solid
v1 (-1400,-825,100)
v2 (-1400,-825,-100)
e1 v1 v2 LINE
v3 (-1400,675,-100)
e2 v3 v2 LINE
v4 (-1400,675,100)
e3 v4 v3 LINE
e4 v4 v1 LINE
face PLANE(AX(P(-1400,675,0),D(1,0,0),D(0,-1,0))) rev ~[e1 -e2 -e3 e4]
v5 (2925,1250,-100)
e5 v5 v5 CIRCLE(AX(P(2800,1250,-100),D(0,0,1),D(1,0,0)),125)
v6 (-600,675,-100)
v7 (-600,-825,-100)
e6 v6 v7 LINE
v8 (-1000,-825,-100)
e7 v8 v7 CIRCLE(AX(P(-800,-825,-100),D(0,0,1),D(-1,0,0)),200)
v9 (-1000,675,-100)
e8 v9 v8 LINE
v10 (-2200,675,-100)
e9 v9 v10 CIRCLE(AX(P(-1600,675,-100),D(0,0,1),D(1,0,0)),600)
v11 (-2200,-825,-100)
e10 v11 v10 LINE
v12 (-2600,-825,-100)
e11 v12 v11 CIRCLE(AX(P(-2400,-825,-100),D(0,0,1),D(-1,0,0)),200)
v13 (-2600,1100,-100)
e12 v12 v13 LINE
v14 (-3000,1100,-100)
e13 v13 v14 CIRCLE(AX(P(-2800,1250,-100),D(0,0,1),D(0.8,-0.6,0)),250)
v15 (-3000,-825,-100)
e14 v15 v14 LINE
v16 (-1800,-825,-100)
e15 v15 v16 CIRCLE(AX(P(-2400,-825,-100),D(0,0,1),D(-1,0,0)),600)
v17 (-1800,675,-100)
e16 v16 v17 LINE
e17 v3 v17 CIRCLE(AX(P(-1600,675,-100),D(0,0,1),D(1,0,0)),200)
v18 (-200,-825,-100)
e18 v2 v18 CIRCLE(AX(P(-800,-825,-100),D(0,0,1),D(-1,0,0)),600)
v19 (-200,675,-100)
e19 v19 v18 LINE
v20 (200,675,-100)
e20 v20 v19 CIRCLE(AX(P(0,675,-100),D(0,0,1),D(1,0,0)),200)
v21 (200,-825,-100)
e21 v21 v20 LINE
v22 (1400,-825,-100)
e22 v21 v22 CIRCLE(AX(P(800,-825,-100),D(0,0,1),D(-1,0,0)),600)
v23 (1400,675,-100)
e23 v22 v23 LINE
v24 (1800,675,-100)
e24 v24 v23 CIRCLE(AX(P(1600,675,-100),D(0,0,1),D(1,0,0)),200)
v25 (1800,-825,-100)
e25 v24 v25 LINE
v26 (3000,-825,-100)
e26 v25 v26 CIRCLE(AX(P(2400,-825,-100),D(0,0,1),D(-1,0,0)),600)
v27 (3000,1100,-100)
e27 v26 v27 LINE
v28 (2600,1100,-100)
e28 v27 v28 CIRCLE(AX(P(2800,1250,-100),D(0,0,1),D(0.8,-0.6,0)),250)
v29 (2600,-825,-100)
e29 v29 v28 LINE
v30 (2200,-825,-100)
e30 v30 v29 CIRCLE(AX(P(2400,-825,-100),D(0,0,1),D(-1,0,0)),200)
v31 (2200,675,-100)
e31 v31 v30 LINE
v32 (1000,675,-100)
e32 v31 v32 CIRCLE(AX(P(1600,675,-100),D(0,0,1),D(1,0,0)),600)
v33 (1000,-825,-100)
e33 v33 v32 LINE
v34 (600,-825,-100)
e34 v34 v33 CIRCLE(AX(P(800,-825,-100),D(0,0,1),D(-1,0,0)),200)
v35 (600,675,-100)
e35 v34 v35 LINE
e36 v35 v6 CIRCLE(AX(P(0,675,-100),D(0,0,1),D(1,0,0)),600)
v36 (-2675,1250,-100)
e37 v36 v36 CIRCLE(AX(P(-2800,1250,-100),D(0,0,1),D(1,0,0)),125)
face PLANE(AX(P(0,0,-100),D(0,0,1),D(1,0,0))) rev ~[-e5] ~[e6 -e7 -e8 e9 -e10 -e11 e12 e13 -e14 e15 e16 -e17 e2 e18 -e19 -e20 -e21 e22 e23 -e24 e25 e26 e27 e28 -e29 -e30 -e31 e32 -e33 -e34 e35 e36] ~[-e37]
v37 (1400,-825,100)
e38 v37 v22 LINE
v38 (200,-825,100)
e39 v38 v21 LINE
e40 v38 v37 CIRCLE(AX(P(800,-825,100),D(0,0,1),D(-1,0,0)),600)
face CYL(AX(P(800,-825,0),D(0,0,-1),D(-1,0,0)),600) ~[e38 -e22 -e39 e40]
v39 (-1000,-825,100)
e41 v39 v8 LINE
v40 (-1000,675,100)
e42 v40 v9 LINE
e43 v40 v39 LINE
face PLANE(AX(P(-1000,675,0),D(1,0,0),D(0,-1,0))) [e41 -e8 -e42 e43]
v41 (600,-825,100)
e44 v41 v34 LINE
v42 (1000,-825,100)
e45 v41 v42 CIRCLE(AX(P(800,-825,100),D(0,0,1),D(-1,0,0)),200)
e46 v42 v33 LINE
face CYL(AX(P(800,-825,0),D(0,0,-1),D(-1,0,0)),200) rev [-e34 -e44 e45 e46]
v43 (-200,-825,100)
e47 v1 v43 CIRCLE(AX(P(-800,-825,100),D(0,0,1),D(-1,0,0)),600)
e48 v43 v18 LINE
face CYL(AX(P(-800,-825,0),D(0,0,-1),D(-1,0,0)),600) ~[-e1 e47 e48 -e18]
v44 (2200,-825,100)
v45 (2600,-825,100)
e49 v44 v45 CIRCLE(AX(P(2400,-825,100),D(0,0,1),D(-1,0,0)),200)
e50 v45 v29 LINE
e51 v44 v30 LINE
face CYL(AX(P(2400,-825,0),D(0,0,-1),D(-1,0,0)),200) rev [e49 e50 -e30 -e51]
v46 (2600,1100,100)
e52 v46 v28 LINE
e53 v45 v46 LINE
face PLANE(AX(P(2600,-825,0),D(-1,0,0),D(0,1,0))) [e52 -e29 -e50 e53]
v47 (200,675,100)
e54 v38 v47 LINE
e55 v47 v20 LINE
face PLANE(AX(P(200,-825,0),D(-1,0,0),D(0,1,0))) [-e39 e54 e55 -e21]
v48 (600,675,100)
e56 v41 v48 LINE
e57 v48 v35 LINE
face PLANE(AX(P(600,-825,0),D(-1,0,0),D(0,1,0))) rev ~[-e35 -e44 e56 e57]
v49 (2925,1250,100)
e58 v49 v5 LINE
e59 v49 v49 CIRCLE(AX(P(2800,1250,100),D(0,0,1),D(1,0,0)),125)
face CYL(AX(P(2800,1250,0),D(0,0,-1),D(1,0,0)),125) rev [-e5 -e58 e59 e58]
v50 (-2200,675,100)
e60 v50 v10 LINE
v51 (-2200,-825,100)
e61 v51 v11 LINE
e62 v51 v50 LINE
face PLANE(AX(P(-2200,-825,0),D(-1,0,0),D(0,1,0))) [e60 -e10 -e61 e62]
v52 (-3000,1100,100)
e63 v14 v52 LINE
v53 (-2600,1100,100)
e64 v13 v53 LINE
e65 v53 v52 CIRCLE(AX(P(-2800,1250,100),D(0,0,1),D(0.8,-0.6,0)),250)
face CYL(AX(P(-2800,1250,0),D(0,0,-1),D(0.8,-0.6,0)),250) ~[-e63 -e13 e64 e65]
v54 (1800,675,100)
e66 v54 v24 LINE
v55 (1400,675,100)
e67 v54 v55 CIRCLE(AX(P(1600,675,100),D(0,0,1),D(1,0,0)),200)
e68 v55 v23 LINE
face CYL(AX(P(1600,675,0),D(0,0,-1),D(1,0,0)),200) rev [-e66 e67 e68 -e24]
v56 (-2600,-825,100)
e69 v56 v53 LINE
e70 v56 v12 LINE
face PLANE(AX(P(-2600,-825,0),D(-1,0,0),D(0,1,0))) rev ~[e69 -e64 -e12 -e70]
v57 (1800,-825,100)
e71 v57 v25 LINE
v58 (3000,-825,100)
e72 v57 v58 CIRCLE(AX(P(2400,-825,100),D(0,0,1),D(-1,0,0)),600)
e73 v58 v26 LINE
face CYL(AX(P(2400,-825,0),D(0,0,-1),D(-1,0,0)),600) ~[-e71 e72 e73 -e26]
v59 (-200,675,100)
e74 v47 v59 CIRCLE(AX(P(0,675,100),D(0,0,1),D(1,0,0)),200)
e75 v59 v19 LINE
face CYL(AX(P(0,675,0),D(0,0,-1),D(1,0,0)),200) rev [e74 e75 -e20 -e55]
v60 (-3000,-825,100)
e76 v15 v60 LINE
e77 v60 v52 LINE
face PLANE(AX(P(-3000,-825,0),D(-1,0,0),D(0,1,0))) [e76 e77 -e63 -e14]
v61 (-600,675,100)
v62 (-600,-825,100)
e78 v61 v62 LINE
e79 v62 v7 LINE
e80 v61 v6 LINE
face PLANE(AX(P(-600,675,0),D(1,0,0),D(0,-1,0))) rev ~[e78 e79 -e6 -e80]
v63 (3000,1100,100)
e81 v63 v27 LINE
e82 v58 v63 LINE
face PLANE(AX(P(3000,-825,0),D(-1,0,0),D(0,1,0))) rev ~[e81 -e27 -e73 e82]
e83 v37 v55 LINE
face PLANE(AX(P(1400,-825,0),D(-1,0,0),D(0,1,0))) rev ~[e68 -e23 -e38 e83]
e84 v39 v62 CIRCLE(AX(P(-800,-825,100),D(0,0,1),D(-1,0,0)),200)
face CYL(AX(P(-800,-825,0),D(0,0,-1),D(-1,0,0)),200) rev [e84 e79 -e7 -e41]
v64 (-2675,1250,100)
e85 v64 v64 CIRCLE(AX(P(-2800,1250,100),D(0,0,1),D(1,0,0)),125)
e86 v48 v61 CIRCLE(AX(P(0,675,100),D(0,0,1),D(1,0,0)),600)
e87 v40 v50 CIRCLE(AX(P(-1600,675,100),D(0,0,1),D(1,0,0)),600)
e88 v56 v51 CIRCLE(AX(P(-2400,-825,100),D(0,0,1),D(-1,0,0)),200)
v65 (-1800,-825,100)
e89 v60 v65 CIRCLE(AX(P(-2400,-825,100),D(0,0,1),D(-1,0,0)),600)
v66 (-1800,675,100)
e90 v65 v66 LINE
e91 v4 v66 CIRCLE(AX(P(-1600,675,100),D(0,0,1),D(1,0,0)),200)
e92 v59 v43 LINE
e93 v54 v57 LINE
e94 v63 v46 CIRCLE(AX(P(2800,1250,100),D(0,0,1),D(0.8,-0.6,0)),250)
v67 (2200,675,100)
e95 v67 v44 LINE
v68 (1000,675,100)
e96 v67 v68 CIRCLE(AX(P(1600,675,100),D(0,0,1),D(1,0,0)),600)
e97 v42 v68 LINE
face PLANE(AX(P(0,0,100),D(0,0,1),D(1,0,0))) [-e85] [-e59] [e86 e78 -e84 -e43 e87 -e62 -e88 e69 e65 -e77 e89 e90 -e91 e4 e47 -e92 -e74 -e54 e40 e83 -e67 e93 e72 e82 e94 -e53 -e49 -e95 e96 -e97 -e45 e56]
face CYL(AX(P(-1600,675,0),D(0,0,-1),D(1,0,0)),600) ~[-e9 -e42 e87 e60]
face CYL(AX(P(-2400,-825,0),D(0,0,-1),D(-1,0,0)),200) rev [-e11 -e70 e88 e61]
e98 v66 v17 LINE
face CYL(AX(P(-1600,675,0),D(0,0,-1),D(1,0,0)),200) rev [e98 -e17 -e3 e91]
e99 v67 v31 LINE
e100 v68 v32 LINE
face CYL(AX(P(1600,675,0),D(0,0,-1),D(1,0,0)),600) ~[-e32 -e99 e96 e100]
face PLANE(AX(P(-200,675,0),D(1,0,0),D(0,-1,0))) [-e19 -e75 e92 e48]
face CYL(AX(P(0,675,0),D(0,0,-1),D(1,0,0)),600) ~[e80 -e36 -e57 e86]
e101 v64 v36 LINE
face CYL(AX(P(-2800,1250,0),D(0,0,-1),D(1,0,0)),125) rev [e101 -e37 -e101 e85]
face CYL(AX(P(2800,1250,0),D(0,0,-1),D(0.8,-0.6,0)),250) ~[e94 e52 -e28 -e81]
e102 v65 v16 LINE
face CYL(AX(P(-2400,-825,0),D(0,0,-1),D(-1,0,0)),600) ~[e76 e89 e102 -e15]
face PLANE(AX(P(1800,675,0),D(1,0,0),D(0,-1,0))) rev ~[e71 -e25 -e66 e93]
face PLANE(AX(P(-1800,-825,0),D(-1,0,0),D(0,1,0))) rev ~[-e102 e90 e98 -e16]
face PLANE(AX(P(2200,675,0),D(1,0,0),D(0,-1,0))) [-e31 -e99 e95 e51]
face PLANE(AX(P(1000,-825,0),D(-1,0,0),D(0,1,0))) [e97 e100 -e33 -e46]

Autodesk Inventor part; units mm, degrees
ref_plane "YZ Plane" through (0, 0, 0) normal (1, 0, 0) x (0, 1, 0)
ref_plane "XZ Plane" through (0, 0, 0) normal (0, 1, 0) x (-1, 0, 0)
ref_plane "XY Plane" through (0, 0, 0) normal (0, 0, 1) x (1, 0, 0)
sketch "Esboço1" plane through (0, 0, 0) normal (0, 0, 1) x (1, 0, 0)
  arc A0 (-2600, 1100) -> (-3000, 1100) centre (-2800, 1250) ccw
  line L0 (-2800, 1250) -> (-2800, -825) construction
  line L1 (-3000, -825) -> (-3000, 1100)
  line L2 (-2600, -825) -> (-2600, 1100)
  arc A1 (-2600, -825) -> (-2200, -825) centre (-2400, -825) ccw
  circle A2 centre (-2400, -825) radius 600 construction
  arc A3 (-3000, -825) -> (-1800, -825) centre (-2400, -825) ccw
  line L3 (-2200, -825) -> (-2200, 675)
  line L4 (-1800, -825) -> (-1800, 675)
  arc A4 (-1400, 675) -> (-1800, 675) centre (-1600, 675) ccw
  circle A5 centre (-1600, 675) radius 600 construction
  arc A6 (-1000, 675) -> (-2200, 675) centre (-1600, 675) ccw
  line L5 (-1400, 675) -> (-1400, -825)
  line L6 (-1000, 675) -> (-1000, -825)
  arc A7 (-1000, -825) -> (-600, -825) centre (-800, -825) ccw
  circle A8 centre (-800, -825) radius 600 construction
  arc A9 (-1400, -825) -> (-200, -825) centre (-800, -825) ccw
  line L7 (600, -825) -> (600, 675)
  line L8 (200, -825) -> (200, 675)
  arc A10 (200, 675) -> (-200, 675) centre (0, 675) ccw
  circle A11 centre (0, 675) radius 600 construction
  arc A12 (600, 675) -> (-600, 675) centre (0, 675) ccw
  line L9 (-200, 675) -> (-200, -825)
  line L10 (-600, 675) -> (-600, -825)
  circle A13 centre (800, -825) radius 600 construction
  arc A14 (600, -825) -> (1000, -825) centre (800, -825) ccw
  arc A15 (200, -825) -> (1400, -825) centre (800, -825) ccw
  line L11 (1000, -825) -> (1000, 675)
  line L12 (1400, -825) -> (1400, 675)
  circle A16 centre (1600, 675) radius 200 construction
  arc A17 (1800, 675) -> (1400, 675) centre (1600, 675) ccw
  circle A18 centre (1600, 675) radius 600 construction
  arc A19 (2200, 675) -> (1000, 675) centre (1600, 675) ccw
  line L13 (1800, 675) -> (1800, -825)
  line L14 (2200, 675) -> (2200, -825)
  arc A20 (2200, -825) -> (2600, -825) centre (2400, -825) ccw
  arc A21 (1800, -825) -> (3000, -825) centre (2400, -825) ccw
  arc A22 (3000, 1100) -> (2600, 1100) centre (2800, 1250) ccw
  line L15 (2800, 1250) -> (2800, -825) construction
  line L16 (3000, -825) -> (3000, 1100)
  line L17 (2600, -825) -> (2600, 1100)
  circle A23 centre (-2800, 1250) radius 125
  circle A24 centre (2800, 1250) radius 125
  circle A25 centre (2400, -825) radius 200 construction
  circle A26 centre (2400, -825) radius 600 construction
  point P0 (0, 0)
  point P1 (-600, 675)
  point P2 (-1000, 675)
  dimension "d36" = 1500
  dimension "d46" = 250
  dimension "d47" = 250
extrude "Extrusão1" add sketch "Esboço1" along normal mid plane 200
properties part number "sensor2"
